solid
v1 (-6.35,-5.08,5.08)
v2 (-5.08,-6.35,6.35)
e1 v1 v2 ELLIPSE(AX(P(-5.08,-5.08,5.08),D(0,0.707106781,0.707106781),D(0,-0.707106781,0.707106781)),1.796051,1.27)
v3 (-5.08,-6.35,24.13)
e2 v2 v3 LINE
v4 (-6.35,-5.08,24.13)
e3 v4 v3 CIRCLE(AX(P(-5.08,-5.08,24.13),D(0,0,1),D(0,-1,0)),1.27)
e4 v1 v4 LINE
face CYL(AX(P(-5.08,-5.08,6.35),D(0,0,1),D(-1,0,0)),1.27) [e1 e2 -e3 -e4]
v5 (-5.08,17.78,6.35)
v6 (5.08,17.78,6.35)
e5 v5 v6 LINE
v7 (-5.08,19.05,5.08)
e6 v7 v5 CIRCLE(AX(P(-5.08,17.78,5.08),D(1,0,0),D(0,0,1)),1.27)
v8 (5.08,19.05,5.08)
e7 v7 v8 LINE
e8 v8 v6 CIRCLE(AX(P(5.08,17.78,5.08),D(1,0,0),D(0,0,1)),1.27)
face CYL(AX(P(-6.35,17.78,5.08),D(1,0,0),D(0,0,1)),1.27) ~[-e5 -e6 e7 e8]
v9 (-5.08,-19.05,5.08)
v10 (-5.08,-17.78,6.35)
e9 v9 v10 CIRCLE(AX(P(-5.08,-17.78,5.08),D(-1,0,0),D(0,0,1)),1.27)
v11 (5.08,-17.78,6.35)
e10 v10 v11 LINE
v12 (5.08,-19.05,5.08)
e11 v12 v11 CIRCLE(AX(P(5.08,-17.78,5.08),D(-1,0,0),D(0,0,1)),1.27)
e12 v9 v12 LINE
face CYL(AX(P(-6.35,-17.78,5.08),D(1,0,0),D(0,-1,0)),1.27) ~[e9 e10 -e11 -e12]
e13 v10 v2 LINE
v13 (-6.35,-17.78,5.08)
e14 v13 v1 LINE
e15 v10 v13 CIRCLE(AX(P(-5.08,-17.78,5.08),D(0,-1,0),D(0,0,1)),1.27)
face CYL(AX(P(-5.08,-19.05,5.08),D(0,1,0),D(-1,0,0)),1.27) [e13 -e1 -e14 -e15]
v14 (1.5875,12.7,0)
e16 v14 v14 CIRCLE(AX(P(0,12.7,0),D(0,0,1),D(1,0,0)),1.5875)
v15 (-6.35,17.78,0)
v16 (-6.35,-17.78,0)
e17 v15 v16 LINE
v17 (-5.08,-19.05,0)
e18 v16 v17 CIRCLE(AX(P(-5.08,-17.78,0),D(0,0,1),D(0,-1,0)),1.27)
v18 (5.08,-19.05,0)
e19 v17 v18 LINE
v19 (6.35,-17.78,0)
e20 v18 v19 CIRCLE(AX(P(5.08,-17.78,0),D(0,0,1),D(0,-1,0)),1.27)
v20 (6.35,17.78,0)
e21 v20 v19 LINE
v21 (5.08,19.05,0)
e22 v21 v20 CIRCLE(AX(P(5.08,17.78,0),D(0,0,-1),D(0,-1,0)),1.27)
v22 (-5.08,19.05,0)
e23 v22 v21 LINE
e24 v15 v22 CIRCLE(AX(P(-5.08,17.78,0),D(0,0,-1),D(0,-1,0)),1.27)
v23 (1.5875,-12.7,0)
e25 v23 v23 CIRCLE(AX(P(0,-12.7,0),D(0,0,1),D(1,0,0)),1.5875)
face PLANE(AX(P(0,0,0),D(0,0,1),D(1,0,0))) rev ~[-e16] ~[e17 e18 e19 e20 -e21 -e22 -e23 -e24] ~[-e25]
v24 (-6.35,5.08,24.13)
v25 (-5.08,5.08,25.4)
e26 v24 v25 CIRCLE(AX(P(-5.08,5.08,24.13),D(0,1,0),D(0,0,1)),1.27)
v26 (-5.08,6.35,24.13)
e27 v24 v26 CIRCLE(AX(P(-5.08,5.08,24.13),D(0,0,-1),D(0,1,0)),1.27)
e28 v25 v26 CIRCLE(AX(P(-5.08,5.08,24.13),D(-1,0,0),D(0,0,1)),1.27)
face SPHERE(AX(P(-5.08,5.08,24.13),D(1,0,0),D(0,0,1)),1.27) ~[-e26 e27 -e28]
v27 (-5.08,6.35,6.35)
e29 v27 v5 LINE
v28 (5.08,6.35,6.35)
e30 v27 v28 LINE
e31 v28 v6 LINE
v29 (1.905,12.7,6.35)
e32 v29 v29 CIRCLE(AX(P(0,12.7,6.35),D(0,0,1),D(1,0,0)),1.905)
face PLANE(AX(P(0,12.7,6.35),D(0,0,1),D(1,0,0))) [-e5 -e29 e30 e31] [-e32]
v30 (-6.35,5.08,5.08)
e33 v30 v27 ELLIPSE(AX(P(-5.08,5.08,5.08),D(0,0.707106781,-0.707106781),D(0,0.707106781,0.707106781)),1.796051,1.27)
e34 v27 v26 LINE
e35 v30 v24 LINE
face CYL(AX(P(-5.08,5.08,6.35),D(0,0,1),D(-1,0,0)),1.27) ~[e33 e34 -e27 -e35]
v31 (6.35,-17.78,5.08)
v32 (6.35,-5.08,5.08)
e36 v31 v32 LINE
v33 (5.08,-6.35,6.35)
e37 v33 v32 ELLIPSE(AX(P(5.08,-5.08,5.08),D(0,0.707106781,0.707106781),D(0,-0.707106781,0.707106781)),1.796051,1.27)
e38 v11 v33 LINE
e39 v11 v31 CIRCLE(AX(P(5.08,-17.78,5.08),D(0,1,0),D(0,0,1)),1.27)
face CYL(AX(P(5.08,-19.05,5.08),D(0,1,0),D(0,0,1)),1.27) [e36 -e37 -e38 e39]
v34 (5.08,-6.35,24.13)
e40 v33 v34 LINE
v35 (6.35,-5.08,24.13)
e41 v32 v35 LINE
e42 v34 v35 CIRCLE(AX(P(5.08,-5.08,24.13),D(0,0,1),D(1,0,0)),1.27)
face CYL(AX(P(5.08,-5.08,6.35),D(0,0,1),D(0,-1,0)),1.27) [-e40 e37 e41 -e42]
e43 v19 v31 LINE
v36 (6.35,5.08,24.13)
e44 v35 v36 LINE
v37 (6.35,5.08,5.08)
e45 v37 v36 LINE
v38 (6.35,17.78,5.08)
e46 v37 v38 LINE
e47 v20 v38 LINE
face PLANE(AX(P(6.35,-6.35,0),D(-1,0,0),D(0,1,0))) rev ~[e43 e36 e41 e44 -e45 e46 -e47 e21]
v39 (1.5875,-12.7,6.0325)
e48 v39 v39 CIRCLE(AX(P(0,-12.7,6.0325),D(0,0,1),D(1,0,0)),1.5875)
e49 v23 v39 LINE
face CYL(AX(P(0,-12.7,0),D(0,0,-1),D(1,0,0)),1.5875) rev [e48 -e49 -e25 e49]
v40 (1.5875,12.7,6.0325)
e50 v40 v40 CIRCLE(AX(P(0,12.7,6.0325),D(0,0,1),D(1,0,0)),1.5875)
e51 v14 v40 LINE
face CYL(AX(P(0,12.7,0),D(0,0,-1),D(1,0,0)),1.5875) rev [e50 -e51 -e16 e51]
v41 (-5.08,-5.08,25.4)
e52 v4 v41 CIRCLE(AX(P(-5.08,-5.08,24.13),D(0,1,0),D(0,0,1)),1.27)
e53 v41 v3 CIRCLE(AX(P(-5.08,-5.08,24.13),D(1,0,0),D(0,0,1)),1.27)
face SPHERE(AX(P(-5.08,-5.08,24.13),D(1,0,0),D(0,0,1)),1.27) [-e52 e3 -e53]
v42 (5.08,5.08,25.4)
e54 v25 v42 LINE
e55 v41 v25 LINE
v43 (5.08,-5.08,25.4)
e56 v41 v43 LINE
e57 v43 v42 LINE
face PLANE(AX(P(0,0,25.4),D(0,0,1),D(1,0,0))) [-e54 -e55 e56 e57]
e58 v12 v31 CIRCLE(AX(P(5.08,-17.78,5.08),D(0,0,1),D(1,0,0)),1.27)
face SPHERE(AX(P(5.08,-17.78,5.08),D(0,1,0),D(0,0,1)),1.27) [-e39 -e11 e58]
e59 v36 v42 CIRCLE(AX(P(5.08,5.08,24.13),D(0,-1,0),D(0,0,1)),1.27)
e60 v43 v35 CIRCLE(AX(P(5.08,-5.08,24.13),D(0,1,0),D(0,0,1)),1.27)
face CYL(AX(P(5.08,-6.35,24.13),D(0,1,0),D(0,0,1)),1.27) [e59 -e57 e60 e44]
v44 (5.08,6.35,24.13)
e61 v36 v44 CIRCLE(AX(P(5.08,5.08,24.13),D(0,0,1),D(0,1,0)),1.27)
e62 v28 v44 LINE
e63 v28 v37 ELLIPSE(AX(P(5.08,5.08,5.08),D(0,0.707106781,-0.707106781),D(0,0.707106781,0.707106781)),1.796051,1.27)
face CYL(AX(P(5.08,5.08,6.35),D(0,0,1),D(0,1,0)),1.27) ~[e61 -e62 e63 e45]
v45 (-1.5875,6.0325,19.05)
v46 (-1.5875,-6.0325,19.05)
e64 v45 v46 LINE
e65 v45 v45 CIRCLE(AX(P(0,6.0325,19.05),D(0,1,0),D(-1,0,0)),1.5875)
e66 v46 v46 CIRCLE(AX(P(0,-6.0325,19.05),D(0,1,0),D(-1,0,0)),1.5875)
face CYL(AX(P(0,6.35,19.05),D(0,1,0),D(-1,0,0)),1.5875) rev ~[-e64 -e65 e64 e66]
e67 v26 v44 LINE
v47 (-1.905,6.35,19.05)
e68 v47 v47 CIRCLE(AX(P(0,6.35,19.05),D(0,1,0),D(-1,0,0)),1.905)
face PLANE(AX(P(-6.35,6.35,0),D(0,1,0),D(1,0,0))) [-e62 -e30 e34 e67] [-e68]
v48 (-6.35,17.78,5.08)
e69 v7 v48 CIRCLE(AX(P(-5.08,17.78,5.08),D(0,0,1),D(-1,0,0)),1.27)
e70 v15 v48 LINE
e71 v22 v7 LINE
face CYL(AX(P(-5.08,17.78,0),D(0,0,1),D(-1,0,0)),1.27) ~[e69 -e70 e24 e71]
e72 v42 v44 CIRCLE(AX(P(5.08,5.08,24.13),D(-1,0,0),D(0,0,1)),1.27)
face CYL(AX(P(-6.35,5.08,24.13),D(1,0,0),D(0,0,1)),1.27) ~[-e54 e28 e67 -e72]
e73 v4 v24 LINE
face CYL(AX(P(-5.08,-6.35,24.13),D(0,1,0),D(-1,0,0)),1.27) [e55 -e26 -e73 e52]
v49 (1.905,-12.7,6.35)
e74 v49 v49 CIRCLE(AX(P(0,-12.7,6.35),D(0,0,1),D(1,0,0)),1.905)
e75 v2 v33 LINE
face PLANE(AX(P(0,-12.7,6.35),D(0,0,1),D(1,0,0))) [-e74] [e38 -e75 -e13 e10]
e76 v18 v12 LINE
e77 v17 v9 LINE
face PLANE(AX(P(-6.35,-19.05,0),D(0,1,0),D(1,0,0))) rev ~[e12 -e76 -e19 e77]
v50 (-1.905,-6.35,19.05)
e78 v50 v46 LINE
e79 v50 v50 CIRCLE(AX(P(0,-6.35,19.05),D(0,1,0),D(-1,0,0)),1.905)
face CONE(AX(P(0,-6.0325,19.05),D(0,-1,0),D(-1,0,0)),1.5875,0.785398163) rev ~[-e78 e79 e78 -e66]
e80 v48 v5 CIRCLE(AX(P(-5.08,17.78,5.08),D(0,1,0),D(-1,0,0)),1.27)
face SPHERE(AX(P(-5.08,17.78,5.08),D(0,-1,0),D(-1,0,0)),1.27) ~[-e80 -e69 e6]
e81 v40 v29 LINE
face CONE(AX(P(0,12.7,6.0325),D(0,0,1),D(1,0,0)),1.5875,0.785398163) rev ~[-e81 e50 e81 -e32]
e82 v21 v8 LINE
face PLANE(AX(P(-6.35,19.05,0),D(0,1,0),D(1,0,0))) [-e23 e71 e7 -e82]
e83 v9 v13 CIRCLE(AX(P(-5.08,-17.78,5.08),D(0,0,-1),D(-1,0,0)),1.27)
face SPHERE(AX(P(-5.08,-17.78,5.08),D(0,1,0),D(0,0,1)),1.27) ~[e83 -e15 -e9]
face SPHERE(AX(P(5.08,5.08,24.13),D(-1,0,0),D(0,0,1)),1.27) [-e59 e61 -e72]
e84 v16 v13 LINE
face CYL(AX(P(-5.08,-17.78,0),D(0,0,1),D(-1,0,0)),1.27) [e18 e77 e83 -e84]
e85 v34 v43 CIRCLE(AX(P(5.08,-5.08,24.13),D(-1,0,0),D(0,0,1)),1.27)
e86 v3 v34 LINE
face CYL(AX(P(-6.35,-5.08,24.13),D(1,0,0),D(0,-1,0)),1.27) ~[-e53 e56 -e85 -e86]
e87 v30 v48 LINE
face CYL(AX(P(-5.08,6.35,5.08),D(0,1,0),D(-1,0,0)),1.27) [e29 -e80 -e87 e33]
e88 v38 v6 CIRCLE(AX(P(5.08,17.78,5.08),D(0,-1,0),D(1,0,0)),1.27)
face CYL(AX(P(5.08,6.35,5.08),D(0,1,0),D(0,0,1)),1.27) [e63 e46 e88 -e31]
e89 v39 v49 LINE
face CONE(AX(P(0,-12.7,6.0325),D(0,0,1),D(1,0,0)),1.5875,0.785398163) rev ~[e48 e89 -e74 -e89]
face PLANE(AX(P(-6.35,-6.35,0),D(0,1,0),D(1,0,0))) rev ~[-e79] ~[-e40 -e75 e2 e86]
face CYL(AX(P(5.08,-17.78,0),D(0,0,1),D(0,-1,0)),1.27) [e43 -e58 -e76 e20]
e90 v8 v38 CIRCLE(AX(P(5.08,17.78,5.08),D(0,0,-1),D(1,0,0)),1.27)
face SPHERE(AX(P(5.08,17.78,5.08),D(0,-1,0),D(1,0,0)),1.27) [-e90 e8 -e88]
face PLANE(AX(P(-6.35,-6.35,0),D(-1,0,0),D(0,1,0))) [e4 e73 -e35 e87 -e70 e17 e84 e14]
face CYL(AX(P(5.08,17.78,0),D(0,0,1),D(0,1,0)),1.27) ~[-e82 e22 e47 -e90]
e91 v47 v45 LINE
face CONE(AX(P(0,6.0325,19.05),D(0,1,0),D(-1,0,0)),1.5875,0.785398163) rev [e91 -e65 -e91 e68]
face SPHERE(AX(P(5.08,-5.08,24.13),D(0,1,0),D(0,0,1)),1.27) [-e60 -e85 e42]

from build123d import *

# Parameters (mm, degrees)
F0_W     = 12.7
F0_H     = 12.7
F0_R     = 1.5875
F1_DEPTH = 6.35
F2_DEPTH = 25.4
F3_R     = 1.5875
F4_DEPTH = 25.4
F5_R     = 1.27
F6_SIZE  = 0.3175


with BuildPart() as f1:
    # F0 (on Top) → F1 (new body)
    with BuildSketch(Plane.XY):
        with Locations((0, 12.7)):
            Rectangle(F0_W, F0_H)
        with Locations((0, 12.7)):
            Circle(F0_R, mode=Mode.SUBTRACT)
    extrude(amount=F1_DEPTH)



with BuildPart() as f1b:
    # F0 (on Top) → F1, piece 2 (new body)
    with BuildSketch(Plane.XY):
        with Locations((0, -12.7)):
            Rectangle(F0_W, F0_H)
        with Locations((0, -12.7)):
            Circle(F0_R, mode=Mode.SUBTRACT)
    extrude(amount=F1_DEPTH)


with BuildPart() as f1_1:
    add(f1.part)

    add(f1b.part)  # F2 merges F1b
    # F0 (on Top) → F2 (join)
    with BuildSketch(Plane.XY):
        Rectangle(F0_W, F0_H)
    extrude(amount=F2_DEPTH)

    # F3 (on face) → F4 (cut)
    with BuildSketch(Plane(origin=(0, 6.35, 0), x_dir=(-1, 0, 0), z_dir=(0, 1, 0))):
        with Locations((0, 19.05)):
            Circle(F3_R)
    extrude(amount=-F4_DEPTH, mode=Mode.SUBTRACT)

    # F5
    f5_edges = [f1_1.edges().sort_by_distance(p)[0] for p in [
        (0, 6.35, 25.4),
        (6.35, 0, 25.4),
        (0, -6.35, 25.4),
        (-6.35, 0, 25.4),
        (6.35, 6.35, 15.875),
        (6.35, -6.35, 15.875),
        (6.35, -12.7, 6.35),
        (6.35, 12.7, 6.35),
        (-6.35, 6.35, 15.875),
        (-6.35, 12.7, 6.35),
        (-6.35, -6.35, 15.875),
        (-6.35, -12.7, 6.35),
        (0, -19.05, 6.35),
        (-6.35, -19.05, 3.175),
        (6.35, -19.05, 3.175),
        (6.35, 19.05, 3.175),
        (-6.35, 19.05, 3.175),
        (0, 19.05, 6.35),
    ]]
    fillet(f5_edges, radius=F5_R)

    # F6
    f6_edges = [f1_1.edges().sort_by_distance(p)[0] for p in [
        (-1.5875, -12.7, 6.35),
        (-1.5875, 12.7, 6.35),
        (1.5875, 6.35, 19.05),
        (1.5875, -6.35, 19.05),
    ]]
    chamfer(f6_edges, length=F6_SIZE)


solid = f1_1.part
